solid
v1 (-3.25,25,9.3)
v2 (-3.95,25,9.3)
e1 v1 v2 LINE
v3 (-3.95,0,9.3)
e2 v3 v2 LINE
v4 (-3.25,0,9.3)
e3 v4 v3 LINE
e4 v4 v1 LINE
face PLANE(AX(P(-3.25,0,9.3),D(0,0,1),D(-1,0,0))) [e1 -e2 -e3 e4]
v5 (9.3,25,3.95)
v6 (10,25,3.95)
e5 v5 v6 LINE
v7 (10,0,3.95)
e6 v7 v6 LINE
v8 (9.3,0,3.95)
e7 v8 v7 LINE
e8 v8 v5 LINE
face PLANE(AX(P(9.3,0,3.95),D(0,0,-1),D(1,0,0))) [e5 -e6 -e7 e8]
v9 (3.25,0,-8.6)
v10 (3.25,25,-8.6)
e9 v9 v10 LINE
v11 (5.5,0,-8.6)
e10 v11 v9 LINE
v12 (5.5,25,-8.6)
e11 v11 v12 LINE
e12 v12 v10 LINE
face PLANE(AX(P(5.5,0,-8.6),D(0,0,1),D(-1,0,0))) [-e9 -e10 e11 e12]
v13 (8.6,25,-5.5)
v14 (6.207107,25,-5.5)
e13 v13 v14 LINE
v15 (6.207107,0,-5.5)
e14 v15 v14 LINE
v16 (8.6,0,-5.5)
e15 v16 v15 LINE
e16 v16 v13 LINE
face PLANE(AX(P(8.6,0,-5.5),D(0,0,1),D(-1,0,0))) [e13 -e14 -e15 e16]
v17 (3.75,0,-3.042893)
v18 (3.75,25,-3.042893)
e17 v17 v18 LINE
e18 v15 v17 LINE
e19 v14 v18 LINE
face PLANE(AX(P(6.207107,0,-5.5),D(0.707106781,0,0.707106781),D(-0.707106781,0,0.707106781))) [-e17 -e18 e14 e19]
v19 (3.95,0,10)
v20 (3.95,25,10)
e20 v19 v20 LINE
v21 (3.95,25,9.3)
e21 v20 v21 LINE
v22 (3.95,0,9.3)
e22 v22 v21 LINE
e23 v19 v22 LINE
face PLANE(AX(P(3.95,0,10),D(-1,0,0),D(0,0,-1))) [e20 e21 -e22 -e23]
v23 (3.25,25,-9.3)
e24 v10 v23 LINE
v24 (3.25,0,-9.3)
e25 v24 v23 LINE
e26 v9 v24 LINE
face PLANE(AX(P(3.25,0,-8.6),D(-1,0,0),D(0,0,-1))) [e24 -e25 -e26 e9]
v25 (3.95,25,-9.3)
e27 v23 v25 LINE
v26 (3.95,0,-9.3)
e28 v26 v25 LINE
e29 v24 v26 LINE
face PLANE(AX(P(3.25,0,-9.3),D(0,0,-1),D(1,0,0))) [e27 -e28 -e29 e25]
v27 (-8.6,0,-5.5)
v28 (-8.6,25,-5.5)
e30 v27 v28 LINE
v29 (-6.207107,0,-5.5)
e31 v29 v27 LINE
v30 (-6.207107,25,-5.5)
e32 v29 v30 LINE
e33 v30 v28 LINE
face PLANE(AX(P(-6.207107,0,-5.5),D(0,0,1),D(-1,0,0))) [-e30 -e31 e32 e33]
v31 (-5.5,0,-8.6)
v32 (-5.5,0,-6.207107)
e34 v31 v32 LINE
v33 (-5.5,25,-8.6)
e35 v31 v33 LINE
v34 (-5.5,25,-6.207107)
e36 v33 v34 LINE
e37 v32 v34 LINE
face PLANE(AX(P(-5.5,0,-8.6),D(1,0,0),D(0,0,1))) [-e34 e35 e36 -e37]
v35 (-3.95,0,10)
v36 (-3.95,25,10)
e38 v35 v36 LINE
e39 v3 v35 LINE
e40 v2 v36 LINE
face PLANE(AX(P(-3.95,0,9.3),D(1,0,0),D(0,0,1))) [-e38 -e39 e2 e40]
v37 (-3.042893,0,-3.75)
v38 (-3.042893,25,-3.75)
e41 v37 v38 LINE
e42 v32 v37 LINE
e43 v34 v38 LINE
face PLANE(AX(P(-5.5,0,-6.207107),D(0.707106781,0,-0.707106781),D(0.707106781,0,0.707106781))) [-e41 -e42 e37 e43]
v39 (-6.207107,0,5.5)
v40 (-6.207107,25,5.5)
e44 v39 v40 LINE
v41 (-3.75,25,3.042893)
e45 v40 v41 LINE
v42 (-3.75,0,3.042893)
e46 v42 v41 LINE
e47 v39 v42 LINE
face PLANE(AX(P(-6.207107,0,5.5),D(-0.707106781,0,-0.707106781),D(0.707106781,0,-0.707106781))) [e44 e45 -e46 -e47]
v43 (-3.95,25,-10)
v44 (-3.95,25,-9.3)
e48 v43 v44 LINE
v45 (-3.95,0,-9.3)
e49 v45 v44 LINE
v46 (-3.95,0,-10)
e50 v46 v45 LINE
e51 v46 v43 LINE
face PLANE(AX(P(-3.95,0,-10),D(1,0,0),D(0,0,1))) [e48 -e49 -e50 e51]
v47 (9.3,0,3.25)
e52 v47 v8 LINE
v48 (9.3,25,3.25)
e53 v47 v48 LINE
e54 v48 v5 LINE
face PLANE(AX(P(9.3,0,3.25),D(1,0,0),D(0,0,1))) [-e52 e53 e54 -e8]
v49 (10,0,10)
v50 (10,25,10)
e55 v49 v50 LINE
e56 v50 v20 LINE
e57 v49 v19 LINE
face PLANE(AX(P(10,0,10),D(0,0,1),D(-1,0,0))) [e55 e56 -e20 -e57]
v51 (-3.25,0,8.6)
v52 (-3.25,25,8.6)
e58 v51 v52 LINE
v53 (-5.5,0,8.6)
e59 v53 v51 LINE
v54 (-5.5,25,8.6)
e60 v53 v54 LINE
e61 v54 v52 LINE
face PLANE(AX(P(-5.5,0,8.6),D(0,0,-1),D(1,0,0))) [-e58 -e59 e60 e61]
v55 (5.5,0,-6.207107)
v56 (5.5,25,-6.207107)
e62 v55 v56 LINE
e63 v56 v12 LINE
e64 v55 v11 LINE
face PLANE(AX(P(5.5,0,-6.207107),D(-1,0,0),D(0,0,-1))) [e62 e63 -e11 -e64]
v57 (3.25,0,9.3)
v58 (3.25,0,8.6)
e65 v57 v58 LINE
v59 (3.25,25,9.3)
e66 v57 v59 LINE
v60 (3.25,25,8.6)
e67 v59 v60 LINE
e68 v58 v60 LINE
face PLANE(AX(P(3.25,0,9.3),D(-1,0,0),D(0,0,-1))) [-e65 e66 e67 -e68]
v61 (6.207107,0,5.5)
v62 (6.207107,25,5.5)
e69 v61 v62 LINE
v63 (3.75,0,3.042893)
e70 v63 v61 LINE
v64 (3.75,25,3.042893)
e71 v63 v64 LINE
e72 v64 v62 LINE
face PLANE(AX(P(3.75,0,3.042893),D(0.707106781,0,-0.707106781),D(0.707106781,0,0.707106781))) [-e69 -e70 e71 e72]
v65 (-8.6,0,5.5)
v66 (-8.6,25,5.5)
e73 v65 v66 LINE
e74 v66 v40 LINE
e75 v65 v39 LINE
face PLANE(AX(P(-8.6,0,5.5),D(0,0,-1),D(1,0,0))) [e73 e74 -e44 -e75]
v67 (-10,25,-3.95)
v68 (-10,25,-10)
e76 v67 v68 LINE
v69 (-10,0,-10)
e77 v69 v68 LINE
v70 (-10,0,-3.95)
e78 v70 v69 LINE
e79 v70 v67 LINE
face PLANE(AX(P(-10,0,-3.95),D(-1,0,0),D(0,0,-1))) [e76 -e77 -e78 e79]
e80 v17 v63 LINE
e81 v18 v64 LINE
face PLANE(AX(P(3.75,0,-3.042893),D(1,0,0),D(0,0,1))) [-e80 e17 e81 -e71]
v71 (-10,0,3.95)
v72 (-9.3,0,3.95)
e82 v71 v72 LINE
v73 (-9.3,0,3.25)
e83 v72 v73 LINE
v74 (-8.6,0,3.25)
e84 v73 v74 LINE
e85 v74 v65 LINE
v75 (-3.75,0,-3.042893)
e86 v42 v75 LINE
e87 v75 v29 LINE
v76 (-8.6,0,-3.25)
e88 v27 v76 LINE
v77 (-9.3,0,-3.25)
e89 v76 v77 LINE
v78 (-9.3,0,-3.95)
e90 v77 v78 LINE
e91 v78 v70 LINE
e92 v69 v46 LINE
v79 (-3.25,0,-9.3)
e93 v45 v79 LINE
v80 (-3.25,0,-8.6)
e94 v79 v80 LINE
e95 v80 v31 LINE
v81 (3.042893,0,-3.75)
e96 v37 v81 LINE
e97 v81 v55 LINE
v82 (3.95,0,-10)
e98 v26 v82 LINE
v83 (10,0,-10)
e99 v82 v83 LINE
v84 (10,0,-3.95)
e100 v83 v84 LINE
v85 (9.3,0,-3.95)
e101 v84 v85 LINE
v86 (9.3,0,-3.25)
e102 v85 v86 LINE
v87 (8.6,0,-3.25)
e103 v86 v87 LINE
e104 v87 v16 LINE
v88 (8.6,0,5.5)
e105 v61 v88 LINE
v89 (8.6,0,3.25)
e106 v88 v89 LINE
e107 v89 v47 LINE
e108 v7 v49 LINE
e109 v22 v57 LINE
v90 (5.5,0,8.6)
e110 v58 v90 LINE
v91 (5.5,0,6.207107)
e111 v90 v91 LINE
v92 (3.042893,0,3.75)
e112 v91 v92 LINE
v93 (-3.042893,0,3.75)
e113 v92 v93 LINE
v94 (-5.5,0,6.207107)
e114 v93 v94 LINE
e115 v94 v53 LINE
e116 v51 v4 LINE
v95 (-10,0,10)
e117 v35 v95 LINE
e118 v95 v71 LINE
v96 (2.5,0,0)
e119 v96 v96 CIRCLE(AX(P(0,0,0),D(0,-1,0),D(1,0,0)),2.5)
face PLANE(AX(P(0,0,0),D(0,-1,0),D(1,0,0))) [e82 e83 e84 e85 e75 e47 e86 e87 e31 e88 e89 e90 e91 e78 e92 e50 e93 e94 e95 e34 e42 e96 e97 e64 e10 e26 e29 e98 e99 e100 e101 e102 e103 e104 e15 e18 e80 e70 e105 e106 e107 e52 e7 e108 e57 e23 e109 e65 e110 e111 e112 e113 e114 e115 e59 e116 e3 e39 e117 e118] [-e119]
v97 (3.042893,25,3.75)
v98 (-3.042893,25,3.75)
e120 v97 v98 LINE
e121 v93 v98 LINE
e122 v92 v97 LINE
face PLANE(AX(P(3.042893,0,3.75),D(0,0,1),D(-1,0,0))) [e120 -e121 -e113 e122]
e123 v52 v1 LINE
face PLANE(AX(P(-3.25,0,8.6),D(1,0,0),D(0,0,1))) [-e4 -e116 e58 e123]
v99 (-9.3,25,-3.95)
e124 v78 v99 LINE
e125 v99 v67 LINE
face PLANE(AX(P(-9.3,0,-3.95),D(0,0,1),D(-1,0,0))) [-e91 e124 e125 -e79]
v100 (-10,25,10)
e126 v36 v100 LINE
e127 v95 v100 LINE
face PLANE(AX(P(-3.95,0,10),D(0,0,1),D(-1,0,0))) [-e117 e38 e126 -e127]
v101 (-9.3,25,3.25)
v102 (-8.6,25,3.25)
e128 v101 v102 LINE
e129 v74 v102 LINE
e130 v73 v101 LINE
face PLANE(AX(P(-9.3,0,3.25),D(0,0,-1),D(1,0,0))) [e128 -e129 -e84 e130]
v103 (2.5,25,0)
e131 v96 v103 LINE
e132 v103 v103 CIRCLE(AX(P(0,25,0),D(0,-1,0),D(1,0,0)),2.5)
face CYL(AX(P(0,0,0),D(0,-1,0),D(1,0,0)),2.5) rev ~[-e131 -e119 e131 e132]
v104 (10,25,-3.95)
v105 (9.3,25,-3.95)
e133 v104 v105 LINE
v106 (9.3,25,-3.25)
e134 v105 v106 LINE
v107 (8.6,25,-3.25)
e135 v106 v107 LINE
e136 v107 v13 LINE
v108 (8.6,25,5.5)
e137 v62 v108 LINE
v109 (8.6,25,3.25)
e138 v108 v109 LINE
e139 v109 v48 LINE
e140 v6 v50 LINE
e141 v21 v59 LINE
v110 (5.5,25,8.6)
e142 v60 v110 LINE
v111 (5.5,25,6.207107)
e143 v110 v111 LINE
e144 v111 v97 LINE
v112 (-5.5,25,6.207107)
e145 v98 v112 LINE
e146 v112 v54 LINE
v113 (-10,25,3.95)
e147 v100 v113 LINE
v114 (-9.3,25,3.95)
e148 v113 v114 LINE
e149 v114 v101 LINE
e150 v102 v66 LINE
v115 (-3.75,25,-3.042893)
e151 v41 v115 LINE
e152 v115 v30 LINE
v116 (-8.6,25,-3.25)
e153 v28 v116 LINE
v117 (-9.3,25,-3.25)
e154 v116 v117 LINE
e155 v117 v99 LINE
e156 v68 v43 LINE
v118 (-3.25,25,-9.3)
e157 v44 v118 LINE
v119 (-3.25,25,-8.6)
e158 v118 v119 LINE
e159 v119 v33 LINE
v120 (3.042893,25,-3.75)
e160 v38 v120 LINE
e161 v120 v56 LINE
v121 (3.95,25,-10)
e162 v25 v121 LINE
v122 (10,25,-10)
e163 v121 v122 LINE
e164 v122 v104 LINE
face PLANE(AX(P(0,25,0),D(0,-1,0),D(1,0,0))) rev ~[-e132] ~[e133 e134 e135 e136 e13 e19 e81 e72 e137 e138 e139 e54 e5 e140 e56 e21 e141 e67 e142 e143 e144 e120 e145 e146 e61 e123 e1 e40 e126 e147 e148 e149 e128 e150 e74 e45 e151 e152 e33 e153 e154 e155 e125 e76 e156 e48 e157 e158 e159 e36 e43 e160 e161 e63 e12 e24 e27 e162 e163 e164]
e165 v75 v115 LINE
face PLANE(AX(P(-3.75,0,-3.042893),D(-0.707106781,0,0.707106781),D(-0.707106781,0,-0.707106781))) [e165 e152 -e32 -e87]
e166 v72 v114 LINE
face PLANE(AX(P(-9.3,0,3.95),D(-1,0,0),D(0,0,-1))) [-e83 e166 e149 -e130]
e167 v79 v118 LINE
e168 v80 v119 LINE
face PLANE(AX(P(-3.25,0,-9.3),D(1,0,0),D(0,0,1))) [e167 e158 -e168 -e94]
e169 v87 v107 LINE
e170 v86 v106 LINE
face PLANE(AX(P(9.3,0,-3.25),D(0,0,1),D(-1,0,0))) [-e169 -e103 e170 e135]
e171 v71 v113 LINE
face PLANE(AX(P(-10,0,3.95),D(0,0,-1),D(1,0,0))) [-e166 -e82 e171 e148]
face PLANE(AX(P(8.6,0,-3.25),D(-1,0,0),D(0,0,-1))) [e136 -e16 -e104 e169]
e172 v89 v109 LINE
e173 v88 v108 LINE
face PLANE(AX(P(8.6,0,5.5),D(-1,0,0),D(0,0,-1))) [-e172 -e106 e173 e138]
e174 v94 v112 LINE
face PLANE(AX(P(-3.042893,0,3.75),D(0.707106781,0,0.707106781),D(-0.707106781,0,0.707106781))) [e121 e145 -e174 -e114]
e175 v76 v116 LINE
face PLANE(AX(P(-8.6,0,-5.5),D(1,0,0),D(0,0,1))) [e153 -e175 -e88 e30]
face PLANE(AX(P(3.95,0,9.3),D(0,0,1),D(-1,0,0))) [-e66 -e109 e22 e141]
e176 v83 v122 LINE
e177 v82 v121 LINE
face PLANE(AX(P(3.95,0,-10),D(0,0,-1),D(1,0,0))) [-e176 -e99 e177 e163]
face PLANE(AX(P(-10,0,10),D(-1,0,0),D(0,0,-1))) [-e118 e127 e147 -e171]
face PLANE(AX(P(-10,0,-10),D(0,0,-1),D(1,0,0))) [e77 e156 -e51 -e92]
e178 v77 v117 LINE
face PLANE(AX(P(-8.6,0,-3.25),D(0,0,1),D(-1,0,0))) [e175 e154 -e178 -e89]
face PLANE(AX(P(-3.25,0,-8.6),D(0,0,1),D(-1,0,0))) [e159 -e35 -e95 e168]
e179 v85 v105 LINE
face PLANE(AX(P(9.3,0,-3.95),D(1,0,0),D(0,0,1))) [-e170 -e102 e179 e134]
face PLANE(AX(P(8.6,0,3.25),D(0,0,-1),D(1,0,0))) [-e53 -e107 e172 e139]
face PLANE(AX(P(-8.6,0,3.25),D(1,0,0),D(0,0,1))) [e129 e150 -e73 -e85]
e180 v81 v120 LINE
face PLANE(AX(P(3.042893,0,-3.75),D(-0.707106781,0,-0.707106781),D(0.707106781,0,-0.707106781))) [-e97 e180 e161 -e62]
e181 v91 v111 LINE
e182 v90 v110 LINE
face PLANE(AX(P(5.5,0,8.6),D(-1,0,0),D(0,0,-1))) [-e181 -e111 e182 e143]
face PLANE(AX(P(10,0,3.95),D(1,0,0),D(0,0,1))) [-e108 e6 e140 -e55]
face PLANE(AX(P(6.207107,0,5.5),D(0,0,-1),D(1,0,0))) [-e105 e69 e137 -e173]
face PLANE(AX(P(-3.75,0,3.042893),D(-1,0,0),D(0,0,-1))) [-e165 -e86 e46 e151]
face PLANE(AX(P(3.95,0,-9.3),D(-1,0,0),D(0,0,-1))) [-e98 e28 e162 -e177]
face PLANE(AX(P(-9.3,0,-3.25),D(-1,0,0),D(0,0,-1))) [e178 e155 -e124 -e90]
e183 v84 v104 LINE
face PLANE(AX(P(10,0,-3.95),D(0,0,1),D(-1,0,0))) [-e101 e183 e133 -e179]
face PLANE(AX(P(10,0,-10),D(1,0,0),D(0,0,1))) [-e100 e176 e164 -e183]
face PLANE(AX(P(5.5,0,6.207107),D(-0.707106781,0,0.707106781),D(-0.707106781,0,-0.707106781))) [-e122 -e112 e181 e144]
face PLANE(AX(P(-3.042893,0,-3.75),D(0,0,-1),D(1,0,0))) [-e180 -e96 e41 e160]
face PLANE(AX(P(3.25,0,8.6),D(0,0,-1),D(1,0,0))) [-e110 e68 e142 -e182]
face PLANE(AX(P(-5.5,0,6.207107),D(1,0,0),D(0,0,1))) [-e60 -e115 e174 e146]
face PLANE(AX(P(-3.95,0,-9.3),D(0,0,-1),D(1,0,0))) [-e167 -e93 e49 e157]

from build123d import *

# Parameters (mm, degrees)
F0_R     = 2.5
F1_DEPTH = 25


with BuildPart() as f1:
    # F0 (on Front) → F1 (new body)
    with BuildSketch(Plane.XZ):
        Polygon((10, 3.95), (10, 10), (3.95, 10), (3.95, 9.3), (3.25, 9.3), (3.25, 8.6), (5.5, 8.6), (5.5, 6.207107), (3.042893, 3.75), (0, 3.75), (-3.042893, 3.75), (-5.5, 6.207107), (-5.5, 8.6), (-3.25, 8.6), (-3.25, 9.3), (-3.95, 9.3), (-3.95, 10), (-10, 10), (-10, 3.95), (-9.3, 3.95), (-9.3, 3.25), (-8.6, 3.25), (-8.6, 5.5), (-6.207107, 5.5), (-3.75, 3.042893), (-3.75, 0), (-3.75, -3.042893), (-6.207107, -5.5), (-8.6, -5.5), (-8.6, -3.25), (-9.3, -3.25), (-9.3, -3.95), (-10, -3.95), (-10, -10), (-3.95, -10), (-3.95, -9.3), (-3.25, -9.3), (-3.25, -8.6), (-5.5, -8.6), (-5.5, -6.207107), (-3.042893, -3.75), (0, -3.75), (3.042893, -3.75), (5.5, -6.207107), (5.5, -8.6), (3.25, -8.6), (3.25, -9.3), (3.95, -9.3), (3.95, -10), (10, -10), (10, -3.95), (9.3, -3.95), (9.3, -3.25), (8.6, -3.25), (8.6, -5.5), (6.207107, -5.5), (3.75, -3.042893), (3.75, 0), (3.75, 3.042893), (6.207107, 5.5), (8.6, 5.5), (8.6, 3.25), (9.3, 3.25), (9.3, 3.95), align=None)
        Circle(F0_R, mode=Mode.SUBTRACT)
    extrude(amount=-F1_DEPTH)


solid = f1.part
